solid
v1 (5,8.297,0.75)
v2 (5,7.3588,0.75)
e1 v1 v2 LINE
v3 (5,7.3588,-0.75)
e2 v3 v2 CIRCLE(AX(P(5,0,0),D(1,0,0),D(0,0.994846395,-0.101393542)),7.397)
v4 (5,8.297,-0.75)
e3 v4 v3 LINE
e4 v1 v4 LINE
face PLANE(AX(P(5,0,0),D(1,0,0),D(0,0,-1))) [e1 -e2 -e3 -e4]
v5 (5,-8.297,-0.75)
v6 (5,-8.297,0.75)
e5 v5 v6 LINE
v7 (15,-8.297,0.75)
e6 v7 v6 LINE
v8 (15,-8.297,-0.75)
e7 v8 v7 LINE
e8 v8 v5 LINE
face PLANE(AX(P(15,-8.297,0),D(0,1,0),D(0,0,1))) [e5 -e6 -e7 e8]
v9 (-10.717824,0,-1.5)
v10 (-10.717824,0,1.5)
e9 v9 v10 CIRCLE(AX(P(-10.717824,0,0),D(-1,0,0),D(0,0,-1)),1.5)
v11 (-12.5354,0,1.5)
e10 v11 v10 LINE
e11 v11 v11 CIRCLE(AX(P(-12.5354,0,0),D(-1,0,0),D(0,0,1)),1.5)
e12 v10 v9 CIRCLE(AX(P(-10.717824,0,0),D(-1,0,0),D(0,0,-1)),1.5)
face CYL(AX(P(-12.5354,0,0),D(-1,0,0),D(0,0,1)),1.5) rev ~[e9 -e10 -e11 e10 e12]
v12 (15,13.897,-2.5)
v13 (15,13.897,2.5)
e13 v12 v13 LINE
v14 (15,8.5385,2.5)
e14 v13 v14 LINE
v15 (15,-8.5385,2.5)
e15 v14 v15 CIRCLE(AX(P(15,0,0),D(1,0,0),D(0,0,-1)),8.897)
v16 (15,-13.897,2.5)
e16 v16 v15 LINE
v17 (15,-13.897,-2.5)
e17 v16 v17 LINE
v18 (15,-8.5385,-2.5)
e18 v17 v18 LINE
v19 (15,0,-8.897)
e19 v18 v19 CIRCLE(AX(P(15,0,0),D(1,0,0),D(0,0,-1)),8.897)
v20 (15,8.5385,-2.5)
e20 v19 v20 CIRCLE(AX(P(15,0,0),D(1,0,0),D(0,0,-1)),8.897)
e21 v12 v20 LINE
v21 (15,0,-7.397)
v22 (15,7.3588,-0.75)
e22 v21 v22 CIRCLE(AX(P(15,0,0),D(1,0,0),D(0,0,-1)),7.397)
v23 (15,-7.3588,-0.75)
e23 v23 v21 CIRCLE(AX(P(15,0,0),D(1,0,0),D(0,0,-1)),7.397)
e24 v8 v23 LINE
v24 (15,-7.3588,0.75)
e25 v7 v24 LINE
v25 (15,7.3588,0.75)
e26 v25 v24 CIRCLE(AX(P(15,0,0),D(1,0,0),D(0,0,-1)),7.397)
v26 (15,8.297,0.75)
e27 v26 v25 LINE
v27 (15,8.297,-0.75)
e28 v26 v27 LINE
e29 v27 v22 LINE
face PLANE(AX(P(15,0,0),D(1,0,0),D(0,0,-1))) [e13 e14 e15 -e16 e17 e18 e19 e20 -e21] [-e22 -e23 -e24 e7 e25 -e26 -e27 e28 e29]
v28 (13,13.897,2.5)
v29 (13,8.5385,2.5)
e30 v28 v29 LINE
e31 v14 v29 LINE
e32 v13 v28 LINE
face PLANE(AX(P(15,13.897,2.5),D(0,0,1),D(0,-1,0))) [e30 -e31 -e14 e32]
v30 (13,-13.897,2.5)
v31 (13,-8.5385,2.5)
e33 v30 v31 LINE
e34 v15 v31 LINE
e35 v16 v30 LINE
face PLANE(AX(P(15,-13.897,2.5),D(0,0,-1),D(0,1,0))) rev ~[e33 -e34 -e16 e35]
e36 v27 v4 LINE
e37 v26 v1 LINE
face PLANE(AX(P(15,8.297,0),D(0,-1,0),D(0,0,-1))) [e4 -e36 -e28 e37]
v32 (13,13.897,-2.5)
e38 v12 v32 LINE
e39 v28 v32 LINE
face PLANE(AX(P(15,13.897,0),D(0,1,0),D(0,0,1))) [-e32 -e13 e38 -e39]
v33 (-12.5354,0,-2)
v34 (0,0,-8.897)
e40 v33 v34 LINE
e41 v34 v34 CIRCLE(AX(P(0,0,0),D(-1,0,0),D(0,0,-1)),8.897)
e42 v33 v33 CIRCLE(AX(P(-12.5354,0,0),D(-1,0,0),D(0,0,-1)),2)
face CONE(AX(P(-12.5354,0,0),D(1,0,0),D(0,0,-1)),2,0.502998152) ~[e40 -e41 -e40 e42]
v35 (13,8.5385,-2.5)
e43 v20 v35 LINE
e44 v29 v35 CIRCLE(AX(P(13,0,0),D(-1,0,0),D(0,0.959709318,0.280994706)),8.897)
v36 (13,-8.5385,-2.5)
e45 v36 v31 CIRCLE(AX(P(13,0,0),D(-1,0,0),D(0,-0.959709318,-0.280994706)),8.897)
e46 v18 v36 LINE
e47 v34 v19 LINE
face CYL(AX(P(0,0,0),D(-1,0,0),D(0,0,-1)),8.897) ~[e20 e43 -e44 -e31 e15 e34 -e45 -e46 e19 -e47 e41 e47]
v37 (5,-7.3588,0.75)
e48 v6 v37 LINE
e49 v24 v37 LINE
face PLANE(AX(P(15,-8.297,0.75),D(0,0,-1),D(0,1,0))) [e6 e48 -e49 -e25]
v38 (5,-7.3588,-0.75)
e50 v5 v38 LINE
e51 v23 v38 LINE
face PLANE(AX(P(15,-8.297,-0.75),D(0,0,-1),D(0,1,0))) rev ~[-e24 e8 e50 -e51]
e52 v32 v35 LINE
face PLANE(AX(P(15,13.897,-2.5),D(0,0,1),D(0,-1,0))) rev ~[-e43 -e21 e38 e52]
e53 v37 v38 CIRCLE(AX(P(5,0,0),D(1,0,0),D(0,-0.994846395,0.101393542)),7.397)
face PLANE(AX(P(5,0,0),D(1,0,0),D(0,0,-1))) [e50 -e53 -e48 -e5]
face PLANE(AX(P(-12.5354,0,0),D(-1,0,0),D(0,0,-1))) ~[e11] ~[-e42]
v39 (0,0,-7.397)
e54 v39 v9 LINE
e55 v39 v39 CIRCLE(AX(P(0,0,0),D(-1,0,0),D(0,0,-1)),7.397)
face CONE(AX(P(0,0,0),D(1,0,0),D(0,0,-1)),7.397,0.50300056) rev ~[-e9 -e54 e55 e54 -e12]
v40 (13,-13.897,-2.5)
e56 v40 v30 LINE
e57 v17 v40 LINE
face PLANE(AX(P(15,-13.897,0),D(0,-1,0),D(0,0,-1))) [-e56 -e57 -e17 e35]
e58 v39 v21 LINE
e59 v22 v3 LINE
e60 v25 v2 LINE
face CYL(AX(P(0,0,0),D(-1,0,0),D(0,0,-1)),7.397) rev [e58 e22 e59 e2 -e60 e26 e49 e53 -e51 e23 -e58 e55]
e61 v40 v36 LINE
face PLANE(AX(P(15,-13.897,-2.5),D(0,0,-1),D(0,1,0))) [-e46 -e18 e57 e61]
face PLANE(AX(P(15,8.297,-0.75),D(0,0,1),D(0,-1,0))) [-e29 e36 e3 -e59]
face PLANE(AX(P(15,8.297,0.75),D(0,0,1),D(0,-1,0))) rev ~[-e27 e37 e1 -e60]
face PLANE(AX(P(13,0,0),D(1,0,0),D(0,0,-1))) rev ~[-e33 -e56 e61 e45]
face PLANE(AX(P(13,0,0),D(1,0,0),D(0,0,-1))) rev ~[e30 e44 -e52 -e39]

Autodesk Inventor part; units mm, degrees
ref_plane "YZ Plane" through (0, 0, 0) normal (1, 0, 0) x (0, 1, 0)
ref_plane "XZ Plane" through (0, 0, 0) normal (0, 1, 0) x (-1, 0, 0)
ref_plane "XY Plane" through (0, 0, 0) normal (0, 0, 1) x (1, 0, 0)
sketch "Sketch1" plane through (0, 0, 0) normal (0, 1, 0) x (-1, 0, 0)
  line L0 (0, 0) -> (12.5354, 0)
  line L1 (12.5354, 0) -> (12.5354, -2)
  line L2 (12.5354, -2) -> (0, -8.897)
  line L3 (0, -8.897) -> (0, -7.397)
  line L4 (10.9043, 0) -> (10.9043, -1.3974)
  line L5 (0, -7.397) -> (10.9043, -1.3974)
  dimension "d0" = 2
  dimension "d23" = 1.5
revolve "Revolution1" add sketch "Sketch1" angle 360 about axis through (0, 0, 0) along (-1, 0, 0)
sketch "Sketch2" plane through (0, 0, 0) normal (1, 0, 0) x (0, 0, -1)
  point P0 (0, 0)
sketch "Sketch3" plane through (-12.5354, 0, 0) normal (-1, 0, 0) x (0, 0, 1)
  point P0 (0, 0)
sketch "Sketch4" plane through (-12.5354, 0, 0) normal (-1, 0, 0) x (0, 0, 1)
  circle A0 centre (0, 0) radius 1.5
  dimension "d37" = 3
sketch "Sketch5" plane through (-12.5354, 0, 0) normal (-1, 0, 0) x (0, 0, 1)
  point P0 (0, 0)
extrude "Extrusion1" cut sketch "Sketch4" against normal blind 10
sketch "Sketch6" plane through (-2.3704, 0, 0) normal (-1, 0, 0) x (0, 0, 1)
  circle A0 centre (0, 0) radius 2
sketch "Sketch7" plane through (0, 0, 0) normal (1, 0, 0) x (0, 0, -1)
  circle A0 centre (0, 0) radius 8.897
extrude "Extrusion2" [suppressed]
sketch "Sketch8" plane through (15, 0, 0) normal (1, 0, 0) x (0, 0, -1)
  circle A0 centre (0, 0) radius 8.897 projected
  line L0 (-8.6693, -2) -> (-13.1693, -2)
  line L1 (-13.1693, -2) -> (-13.1693, 0)
  line L2 (-13.1693, 0) -> (-8.897, 0)
  line L3 (-8.6693, 2) -> (-13.1693, 2)
  line L4 (-13.1693, 2) -> (-13.1693, 0)
  line L5 (0, -8.897) -> (0, 8.897)
  line L6 (8.6693, -2) -> (13.1693, -2)
  line L7 (13.1693, -2) -> (13.1693, 0)
  line L8 (13.1693, 0) -> (8.897, 0)
  line L9 (8.6693, 2) -> (13.1693, 2)
  line L10 (13.1693, 2) -> (13.1693, 0)
  dimension "d8" = 4.5
  dimension "d9" = 2
extrude "Extrusion3" [suppressed]
sketch "Sketch9" plane through (15, 0, 0) normal (1, 0, 0) x (0, 0, -1)
  point P0 (0, 0)
sketch "Sketch10" plane through (15, 0, 0) normal (1, 0, 0) x (0, 0, -1)
  point P0 (0, 0)
sketch "Sketch11" plane through (15, 0, 0) normal (1, 0, 0) x (0, 0, -1)
  point P0 (0, 0)
sketch "Sketch12" plane through (15, 0, 0) normal (1, 0, 0) x (0, 0, -1)
  circle A0 centre (0, 0) radius 7.5
  dimension "d12" = 15
sketch "Sketch13" plane through (15, 0, 0) normal (1, 0, 0) x (0, 0, -1)
  line L0 (6.4465, 0.75) -> (8.4465, 0.75)
  line L1 (8.4465, 0.75) -> (8.4465, -0.75)
  line L2 (8.4465, -0.75) -> (6.4465, -0.75)
  line L3 (6.4465, -0.75) -> (6.4465, 0.75)
  line L4 (6.4465, 0.75) -> (8.4465, -0.75) construction
  line L5 (8.4465, 0.75) -> (6.4465, -0.75) construction
  line L6 (0, 7.445) -> (0, -3.9697)
  line L7 (-6.4465, 0.75) -> (-8.4465, 0.75)
  line L8 (-8.4465, 0.75) -> (-8.4465, -0.75)
  line L9 (-8.4465, -0.75) -> (-6.4465, -0.75)
  line L10 (-6.4465, -0.75) -> (-6.4465, 0.75)
  line L11 (-6.4465, 0.75) -> (-8.4465, -0.75) construction
  line L12 (-8.4465, 0.75) -> (-6.4465, -0.75) construction
  point P0 (0, 0)
  point P1 (7.4465, 0)
  point P2 (-7.4465, 0)
  dimension "d13" = 2
  dimension "d14" = 1.5
extrude "Extrusion4" [suppressed]
extrude "Extrusion5" [suppressed]
extrude "Extrusion6" [suppressed]
sketch "Sketch14" plane through (-2.3704, 0, 0) normal (-1, 0, 0) x (0, 0, 1)
  circle A0 centre (0, 0) radius 2
extrude "Extrusion7" [suppressed]
sketch "Sketch15" plane through (0, 0, 0) normal (1, 0, 0) x (0, 0, -1)
  circle A0 centre (0, 0) radius 8.897
  circle A1 centre (0, 0) radius 7.397
extrude "Extrusion8" add sketch "Sketch15" along normal blind 15
sketch "Sketch16" plane through (15, 0, 0) normal (1, 0, 0) x (0, 0, -1)
  point P0 (0, 0)
sketch "Sketch17" plane through (15, 0, 0) normal (1, 0, 0) x (0, 0, -1)
  circle A0 centre (0, 0) radius 8.897 projected
  line L0 (0, 8.897) -> (0, 13.897)
  line L1 (0, 13.897) -> (-2.5, 13.897)
  line L2 (-2.5, 13.897) -> (-2.5, 8.5385)
  line L3 (0, 13.897) -> (2.5, 13.897)
  line L4 (2.5, 13.897) -> (2.5, 8.5385)
  line L5 (-7.2862, 0) -> (2, 0)
  circle A1 centre (0, 0) radius 2 projected
  line L6 (0, -8.897) -> (0, -13.897)
  line L7 (0, -13.897) -> (-2.5, -13.897)
  line L8 (-2.5, -13.897) -> (-2.5, -8.5385)
  line L9 (0, -13.897) -> (2.5, -13.897)
  line L10 (2.5, -13.897) -> (2.5, -8.5385)
  dimension "d29" = 5
  dimension "d30" = 2.5
extrude "Extrusion9" add sketch "Sketch17" against normal blind 2 contours A0 L0 L3 L4 | L10 L9 L6 A0 | A0 L2 L1 L0 | L6 L7 L8 A0
sketch "Sketch18" plane through (15, 0, 0) normal (1, 0, 0) x (0, 0, -1)
  circle A0 centre (0, 0) radius 7.397 projected
  line L0 (0, -7.397) -> (0, -8.297)
  line L1 (0, -8.297) -> (-0.75, -8.297)
  line L2 (-0.75, -8.297) -> (-0.75, -7.3588)
  line L3 (0, -8.297) -> (0.75, -8.297)
  line L4 (0.75, -8.297) -> (0.75, -7.3588)
  line L5 (-4.4895, 0) -> (3.1188, 0)
  line L6 (0, 7.397) -> (0, 8.297)
  line L7 (0, 8.297) -> (-0.75, 8.297)
  line L8 (-0.75, 8.297) -> (-0.75, 7.3588)
  line L9 (0, 8.297) -> (0.75, 8.297)
  line L10 (0.75, 8.297) -> (0.75, 7.3588)
  dimension "d33" = 0.9
  dimension "d34" = 0.75
extrude "Extrusion10" cut sketch "Sketch18" against normal blind 10 contours A0 L6 L9 L10 | L4 L3 L0 A0 | A0 L8 L7 L6 | L0 L1 L2 A0
sketch "Sketch19" plane through (15, 0, 0) normal (1, 0, 0) x (0, 0, -1)
  point P0 (0, 0)
thread "Thread3" size "M3x0.5" class "6H" standard "ANSI Metric M Profile" length 10
properties part number "Joy stick part 2"
